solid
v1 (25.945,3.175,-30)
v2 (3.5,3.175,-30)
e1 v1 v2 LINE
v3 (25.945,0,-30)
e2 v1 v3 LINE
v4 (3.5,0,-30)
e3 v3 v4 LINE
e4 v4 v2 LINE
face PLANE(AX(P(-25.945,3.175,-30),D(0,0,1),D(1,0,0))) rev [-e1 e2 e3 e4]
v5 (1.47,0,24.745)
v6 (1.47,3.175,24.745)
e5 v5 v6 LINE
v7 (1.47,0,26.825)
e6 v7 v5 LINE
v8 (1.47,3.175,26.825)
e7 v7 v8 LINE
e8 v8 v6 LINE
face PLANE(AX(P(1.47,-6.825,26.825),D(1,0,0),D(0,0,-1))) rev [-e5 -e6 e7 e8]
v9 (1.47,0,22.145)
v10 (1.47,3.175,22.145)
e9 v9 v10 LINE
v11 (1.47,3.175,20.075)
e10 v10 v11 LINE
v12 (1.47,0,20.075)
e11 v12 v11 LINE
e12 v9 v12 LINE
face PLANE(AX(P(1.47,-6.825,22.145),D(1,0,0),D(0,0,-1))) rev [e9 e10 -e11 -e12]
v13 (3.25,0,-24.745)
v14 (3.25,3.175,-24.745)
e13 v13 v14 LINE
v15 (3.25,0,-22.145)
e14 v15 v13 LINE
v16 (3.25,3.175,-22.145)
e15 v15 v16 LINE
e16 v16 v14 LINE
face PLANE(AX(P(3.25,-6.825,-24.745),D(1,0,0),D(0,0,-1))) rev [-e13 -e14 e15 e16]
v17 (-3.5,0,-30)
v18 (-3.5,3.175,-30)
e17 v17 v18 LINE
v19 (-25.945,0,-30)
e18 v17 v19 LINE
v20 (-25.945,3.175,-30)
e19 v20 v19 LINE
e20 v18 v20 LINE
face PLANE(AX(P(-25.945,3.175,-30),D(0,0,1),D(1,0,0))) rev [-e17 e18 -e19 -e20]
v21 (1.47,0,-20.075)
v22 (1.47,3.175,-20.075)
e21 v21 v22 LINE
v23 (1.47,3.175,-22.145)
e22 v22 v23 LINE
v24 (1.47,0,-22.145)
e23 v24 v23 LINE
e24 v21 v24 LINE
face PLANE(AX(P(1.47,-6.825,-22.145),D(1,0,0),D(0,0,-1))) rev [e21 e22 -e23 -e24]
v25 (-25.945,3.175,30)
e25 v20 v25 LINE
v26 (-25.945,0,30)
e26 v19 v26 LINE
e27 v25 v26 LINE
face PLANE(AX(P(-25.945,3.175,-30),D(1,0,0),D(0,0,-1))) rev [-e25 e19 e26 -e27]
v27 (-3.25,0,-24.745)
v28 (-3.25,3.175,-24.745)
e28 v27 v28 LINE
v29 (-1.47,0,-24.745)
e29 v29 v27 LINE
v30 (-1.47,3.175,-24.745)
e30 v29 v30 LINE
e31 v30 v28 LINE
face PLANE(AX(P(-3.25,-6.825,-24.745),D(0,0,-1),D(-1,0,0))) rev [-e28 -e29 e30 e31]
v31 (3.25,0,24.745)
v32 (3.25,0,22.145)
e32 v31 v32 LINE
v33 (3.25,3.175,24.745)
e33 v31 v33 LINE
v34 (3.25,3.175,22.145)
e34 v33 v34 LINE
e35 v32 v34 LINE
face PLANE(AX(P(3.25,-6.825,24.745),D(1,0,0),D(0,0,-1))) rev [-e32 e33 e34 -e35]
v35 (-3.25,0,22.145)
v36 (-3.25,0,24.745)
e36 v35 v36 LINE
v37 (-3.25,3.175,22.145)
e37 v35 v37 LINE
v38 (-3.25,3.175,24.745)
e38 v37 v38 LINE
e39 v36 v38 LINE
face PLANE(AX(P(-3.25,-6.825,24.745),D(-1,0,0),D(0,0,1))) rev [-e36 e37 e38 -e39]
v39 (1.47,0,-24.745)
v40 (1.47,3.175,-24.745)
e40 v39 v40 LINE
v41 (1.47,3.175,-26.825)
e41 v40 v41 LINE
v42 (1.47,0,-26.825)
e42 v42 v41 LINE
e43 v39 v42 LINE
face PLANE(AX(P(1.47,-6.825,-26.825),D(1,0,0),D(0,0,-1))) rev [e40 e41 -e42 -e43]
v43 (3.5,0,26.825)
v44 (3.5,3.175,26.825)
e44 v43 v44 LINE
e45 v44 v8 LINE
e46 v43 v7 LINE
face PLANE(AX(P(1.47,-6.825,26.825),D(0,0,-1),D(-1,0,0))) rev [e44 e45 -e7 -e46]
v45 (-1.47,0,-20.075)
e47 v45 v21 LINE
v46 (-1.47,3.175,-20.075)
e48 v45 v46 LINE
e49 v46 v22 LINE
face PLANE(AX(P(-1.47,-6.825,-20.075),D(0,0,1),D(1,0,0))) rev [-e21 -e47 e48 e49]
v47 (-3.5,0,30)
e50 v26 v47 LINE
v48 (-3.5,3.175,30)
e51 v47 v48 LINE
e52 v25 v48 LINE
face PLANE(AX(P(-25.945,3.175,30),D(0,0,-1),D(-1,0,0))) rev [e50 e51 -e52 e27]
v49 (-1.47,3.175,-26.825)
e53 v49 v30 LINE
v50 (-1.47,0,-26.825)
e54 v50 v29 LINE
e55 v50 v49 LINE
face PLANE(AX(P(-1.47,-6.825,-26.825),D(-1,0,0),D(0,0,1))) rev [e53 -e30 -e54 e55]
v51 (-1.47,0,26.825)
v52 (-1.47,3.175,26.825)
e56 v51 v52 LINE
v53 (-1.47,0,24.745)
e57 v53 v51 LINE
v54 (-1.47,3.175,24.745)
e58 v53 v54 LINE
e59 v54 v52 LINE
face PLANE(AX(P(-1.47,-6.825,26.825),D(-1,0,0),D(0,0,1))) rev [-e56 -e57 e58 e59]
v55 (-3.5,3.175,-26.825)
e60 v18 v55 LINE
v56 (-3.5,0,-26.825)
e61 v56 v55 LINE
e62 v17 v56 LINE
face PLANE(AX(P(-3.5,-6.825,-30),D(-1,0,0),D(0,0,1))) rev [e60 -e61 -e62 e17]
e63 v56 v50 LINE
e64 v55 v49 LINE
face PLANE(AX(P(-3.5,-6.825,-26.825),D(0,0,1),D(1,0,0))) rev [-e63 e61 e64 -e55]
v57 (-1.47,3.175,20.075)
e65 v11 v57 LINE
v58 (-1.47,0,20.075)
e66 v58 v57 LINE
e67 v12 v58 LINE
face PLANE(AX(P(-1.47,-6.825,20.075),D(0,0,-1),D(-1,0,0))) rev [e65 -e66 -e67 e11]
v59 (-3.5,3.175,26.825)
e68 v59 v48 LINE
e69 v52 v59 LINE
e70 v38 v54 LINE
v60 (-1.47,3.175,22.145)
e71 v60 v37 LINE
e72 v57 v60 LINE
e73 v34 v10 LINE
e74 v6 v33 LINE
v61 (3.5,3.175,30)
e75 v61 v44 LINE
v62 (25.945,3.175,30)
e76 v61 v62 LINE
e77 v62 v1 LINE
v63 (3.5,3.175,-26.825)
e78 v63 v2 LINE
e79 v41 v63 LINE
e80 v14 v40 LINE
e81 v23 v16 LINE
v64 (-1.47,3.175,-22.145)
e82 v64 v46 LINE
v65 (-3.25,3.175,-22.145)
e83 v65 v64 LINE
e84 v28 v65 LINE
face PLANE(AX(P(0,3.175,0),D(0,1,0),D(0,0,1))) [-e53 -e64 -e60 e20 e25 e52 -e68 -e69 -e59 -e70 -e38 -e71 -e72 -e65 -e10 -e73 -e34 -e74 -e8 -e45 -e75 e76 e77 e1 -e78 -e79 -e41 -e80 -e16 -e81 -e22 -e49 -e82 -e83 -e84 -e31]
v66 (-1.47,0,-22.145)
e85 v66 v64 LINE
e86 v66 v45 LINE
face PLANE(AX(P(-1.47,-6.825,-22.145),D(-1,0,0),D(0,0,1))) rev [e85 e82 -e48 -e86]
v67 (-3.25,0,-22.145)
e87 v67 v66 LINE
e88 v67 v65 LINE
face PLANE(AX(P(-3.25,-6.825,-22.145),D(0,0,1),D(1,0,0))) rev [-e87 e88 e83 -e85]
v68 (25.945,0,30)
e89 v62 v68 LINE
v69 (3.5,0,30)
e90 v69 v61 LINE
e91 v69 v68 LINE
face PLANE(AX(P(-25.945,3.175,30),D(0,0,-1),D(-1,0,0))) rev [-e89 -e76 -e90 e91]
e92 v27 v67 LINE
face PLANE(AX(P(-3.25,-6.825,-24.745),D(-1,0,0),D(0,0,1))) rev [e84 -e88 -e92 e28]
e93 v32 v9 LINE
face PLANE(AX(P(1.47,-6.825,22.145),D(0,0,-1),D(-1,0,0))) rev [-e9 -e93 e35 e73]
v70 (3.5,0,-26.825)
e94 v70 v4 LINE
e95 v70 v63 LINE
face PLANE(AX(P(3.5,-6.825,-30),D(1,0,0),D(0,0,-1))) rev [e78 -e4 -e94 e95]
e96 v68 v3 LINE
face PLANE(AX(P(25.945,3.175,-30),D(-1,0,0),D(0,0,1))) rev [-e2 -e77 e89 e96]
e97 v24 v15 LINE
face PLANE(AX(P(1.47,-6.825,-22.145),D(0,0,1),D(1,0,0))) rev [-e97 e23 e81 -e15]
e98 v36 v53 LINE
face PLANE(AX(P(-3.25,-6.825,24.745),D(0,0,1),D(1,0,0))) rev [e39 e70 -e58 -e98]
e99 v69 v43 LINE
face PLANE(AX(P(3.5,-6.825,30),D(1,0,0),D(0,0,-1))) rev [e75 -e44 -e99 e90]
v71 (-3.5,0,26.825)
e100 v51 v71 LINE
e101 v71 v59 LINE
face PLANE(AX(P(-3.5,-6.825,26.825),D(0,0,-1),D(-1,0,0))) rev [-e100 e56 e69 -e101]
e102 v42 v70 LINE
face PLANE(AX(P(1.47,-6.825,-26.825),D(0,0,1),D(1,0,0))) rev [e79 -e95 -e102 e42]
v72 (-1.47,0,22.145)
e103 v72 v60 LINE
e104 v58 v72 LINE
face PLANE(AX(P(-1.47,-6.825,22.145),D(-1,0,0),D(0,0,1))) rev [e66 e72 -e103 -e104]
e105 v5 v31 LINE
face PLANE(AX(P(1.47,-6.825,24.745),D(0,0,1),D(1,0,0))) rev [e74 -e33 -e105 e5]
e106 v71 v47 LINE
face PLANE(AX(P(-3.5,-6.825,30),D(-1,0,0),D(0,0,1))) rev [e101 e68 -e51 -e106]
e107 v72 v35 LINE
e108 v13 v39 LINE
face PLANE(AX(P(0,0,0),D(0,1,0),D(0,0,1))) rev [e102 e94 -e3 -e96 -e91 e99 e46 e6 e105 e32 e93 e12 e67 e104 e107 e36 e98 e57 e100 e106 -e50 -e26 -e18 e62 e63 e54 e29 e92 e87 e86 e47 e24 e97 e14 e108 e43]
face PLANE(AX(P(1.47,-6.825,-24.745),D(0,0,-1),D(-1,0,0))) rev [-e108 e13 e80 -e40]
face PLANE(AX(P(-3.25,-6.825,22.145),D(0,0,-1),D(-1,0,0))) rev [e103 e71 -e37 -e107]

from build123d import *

# Parameters (mm, degrees)
SKETCH1_W           = 51.89
SKETCH1_H           = 60
BOSS_EXTRUDE1_DEPTH = 3.175
CUT_EXTRUDE1_DEPTH  = 10


with BuildPart() as part:
    # Sketch1 → Boss-Extrude1 (new body)
    with BuildSketch(Plane(origin=(0, 0, 0), x_dir=(1, 0, 0), z_dir=(0, 1, 0))):
        Rectangle(SKETCH1_W, SKETCH1_H)
    extrude(amount=BOSS_EXTRUDE1_DEPTH)

    # Sketch2 → Cut-Extrude1 (cut)
    with BuildSketch(Plane(origin=(0, 3.175, 0), x_dir=(1, 0, 0), z_dir=(0, 1, 0))):
        Polygon((-3.5, 30), (3.5, 30), (3.5, 26.825), (1.47, 26.825), (1.47, 24.745), (3.25, 24.745), (3.25, 22.145), (1.47, 22.145), (1.47, 20.075), (-1.47, 20.075), (-1.47, 22.145), (-3.25, 22.145), (-3.25, 24.745), (-1.47, 24.745), (-1.47, 26.825), (-3.5, 26.825), align=None)
        Polygon((1.47, -26.825), (1.47, -24.745), (3.25, -24.745), (3.25, -22.145), (1.47, -22.145), (1.47, -20.075), (-1.47, -20.075), (-1.47, -22.145), (-3.25, -22.145), (-3.25, -24.745), (-1.47, -24.745), (-1.47, -26.825), (-3.5, -26.825), (-3.5, -30), (3.5, -30), (3.5, -26.825), align=None)
    extrude(amount=-CUT_EXTRUDE1_DEPTH, mode=Mode.SUBTRACT)


solid = part.part
